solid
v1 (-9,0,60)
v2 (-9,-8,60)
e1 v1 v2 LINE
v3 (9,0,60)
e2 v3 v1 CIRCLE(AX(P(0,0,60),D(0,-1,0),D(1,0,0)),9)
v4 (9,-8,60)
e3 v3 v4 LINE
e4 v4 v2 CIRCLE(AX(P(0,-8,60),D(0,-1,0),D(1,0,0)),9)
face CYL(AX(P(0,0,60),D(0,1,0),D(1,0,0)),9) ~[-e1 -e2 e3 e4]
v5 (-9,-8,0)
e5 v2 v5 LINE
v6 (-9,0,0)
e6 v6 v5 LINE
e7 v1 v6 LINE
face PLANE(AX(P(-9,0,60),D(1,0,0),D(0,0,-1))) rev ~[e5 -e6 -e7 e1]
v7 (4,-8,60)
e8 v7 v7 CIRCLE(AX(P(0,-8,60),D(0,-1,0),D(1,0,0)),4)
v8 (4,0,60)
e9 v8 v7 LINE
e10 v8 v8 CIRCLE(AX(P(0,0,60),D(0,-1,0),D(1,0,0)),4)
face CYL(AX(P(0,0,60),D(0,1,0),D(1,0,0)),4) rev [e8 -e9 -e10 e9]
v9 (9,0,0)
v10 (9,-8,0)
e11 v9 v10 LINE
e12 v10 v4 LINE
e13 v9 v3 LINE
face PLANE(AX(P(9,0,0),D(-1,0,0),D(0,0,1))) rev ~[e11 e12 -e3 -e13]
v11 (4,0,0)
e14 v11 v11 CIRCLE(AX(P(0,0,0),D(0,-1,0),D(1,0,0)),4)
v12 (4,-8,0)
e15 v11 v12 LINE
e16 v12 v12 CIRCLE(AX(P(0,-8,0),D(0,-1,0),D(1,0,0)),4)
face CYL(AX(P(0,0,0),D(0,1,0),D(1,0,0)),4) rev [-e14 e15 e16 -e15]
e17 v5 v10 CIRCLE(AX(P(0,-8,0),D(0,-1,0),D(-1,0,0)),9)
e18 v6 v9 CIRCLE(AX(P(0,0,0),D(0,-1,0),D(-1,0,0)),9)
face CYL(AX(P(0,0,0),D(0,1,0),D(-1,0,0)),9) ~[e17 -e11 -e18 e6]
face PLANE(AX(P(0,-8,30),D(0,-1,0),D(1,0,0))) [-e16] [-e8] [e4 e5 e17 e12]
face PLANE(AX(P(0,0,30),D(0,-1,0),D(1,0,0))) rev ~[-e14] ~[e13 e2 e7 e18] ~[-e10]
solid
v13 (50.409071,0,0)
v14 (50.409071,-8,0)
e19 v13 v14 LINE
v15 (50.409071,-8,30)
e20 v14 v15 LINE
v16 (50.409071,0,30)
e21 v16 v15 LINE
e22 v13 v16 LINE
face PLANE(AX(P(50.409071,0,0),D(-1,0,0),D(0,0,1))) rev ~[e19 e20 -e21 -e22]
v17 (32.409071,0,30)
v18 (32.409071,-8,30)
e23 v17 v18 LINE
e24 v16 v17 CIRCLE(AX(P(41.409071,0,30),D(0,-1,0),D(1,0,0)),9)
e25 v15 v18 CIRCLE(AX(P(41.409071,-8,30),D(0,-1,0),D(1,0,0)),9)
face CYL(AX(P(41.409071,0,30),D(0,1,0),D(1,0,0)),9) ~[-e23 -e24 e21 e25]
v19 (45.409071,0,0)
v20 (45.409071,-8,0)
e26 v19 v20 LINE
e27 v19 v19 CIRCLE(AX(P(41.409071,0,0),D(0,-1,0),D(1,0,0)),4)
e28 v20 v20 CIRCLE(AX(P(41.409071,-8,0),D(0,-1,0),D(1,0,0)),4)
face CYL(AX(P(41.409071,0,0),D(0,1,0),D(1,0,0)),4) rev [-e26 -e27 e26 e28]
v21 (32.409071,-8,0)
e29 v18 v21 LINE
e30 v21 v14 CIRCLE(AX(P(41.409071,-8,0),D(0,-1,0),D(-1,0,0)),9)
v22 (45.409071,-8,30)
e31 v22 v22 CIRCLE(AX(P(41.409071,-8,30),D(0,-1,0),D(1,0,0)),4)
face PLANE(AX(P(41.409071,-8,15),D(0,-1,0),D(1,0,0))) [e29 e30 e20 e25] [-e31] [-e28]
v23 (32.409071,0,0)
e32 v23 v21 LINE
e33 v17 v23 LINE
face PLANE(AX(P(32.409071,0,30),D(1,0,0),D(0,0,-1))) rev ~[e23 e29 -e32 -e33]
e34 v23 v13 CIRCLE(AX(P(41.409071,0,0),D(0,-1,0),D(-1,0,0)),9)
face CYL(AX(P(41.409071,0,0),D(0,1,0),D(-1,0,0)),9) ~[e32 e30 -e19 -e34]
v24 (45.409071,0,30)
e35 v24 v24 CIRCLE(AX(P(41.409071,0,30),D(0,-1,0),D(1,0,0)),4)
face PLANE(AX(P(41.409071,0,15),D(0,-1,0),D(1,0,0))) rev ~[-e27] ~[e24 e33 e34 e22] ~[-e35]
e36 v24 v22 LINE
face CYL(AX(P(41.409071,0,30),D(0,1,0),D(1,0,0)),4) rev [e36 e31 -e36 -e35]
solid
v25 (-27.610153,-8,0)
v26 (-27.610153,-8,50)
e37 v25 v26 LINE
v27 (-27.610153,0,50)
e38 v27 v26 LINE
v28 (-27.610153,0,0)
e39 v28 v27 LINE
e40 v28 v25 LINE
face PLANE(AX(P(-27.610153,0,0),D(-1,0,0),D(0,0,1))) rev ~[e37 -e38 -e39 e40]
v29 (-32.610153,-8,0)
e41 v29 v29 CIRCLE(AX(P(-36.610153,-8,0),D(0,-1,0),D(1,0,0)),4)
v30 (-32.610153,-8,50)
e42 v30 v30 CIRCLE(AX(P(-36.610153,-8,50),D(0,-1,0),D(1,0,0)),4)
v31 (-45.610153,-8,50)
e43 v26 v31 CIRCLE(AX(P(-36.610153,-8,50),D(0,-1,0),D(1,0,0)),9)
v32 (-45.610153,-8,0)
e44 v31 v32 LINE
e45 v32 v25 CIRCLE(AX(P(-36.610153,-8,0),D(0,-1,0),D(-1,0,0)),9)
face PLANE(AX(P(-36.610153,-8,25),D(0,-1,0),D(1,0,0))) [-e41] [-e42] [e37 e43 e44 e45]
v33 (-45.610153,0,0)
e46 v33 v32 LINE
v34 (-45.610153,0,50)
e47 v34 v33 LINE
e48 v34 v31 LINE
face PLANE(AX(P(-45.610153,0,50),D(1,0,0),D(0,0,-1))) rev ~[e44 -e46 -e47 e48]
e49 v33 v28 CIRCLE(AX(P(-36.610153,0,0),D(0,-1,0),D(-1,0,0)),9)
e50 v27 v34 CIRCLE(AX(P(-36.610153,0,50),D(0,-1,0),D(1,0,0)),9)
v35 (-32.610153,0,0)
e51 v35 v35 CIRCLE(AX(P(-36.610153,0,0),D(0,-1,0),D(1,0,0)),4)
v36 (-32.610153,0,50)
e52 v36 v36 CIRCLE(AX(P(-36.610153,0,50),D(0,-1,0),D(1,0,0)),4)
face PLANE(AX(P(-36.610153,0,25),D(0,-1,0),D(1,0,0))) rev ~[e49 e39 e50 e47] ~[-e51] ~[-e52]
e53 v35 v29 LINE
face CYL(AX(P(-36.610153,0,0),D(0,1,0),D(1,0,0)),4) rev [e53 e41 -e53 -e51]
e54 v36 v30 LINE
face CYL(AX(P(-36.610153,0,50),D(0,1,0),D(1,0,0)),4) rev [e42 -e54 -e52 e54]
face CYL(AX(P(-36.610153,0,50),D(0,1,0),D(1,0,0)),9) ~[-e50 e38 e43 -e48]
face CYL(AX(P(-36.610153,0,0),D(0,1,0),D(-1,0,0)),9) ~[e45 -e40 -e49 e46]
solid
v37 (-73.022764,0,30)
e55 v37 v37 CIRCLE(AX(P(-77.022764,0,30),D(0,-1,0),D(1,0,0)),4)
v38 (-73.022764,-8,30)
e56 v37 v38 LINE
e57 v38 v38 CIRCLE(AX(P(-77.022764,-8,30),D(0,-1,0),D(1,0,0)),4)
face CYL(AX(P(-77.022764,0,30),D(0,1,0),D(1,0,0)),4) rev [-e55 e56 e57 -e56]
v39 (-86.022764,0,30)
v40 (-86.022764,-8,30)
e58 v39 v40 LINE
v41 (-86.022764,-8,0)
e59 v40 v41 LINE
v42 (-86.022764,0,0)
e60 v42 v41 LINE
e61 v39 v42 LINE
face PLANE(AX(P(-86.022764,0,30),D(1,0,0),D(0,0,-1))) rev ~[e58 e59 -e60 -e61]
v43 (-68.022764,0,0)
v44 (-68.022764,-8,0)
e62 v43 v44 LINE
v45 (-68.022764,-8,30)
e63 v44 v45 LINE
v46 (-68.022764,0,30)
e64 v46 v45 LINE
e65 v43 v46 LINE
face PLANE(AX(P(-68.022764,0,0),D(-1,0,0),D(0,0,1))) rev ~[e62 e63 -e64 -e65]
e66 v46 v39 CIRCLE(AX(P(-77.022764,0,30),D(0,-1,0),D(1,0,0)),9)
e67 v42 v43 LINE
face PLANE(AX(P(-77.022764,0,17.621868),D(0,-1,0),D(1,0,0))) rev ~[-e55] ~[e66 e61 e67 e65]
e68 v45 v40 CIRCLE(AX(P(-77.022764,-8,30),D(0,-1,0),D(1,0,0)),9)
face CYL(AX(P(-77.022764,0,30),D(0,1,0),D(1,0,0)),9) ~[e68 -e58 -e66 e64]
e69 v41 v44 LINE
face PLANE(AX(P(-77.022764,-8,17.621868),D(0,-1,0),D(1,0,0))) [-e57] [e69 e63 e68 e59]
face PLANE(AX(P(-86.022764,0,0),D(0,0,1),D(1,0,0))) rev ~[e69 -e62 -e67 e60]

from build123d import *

# Parameters (mm, degrees)
F1_R     = 4
F2_DEPTH = 8
F3_R     = 4
F4_DEPTH = 8
F5_R     = 4
F6_DEPTH = 8
F7_R     = 4
F8_DEPTH = 8


with BuildPart() as f2:
    # F1 (on Front) → F2 (new body)
    with BuildSketch(Plane.XZ):
        with BuildLine():
            Line((-9, 60), (-9, 0))
            ThreePointArc((-9, 0), (0, -9), (9, 0))
            Line((9, 0), (9, 60))
            ThreePointArc((9, 60), (0, 69), (-9, 60))
        make_face()
        Circle(F1_R, mode=Mode.SUBTRACT)
        with Locations((0, 60)):
            Circle(F1_R, mode=Mode.SUBTRACT)
    extrude(amount=F2_DEPTH)


with BuildPart() as f4:
    # F3 (on Front) → F4 (new body)
    with BuildSketch(Plane.XZ):
        with BuildLine():
            Line((-45.6101530673, 50), (-45.6101530673, 0))
            ThreePointArc((-45.6101530673, 0), (-36.6101530673, -9), (-27.6101530673, 0))
            Line((-27.6101530673, 0), (-27.6101530673, 50))
            ThreePointArc((-27.6101530673, 50), (-36.6101530673, 59), (-45.6101530673, 50))
        make_face()
        with Locations((-36.6101530673, 0)):
            Circle(F3_R, mode=Mode.SUBTRACT)
        with Locations((-36.6101530673, 50)):
            Circle(F3_R, mode=Mode.SUBTRACT)
    extrude(amount=F4_DEPTH)


with BuildPart() as f6:
    # F5 (on Front) → F6 (new body)
    with BuildSketch(Plane.XZ):
        with BuildLine():
            Line((32.4090709025, 30), (32.4090709025, 0))
            ThreePointArc((32.4090709025, 0), (41.4090709025, -9), (50.4090709025, 0))
            Line((50.4090709025, 0), (50.4090709025, 30))
            ThreePointArc((50.4090709025, 30), (41.4090709025, 39), (32.4090709025, 30))
        make_face()
        with Locations((41.4090709025, 0)):
            Circle(F5_R, mode=Mode.SUBTRACT)
        with Locations((41.4090709025, 30)):
            Circle(F5_R, mode=Mode.SUBTRACT)
    extrude(amount=F6_DEPTH)


with BuildPart() as f8:
    # F7 (on Front) → F8 (new body)
    with BuildSketch(Plane.XZ):
        with BuildLine():
            Line((-68.0227638346, 0), (-68.0227638346, 30))
            ThreePointArc((-68.0227638346, 30), (-77.0227638346, 39), (-86.0227638346, 30))
            Line((-86.0227638346, 30), (-86.0227638346, 0))
            Line((-86.0227638346, 0), (-68.0227638346, 0))
        make_face()
        with Locations((-77.0227638346, 30)):
            Circle(F7_R, mode=Mode.SUBTRACT)
    extrude(amount=F8_DEPTH)


solid = Compound([f2.part, f4.part, f6.part, f8.part])
